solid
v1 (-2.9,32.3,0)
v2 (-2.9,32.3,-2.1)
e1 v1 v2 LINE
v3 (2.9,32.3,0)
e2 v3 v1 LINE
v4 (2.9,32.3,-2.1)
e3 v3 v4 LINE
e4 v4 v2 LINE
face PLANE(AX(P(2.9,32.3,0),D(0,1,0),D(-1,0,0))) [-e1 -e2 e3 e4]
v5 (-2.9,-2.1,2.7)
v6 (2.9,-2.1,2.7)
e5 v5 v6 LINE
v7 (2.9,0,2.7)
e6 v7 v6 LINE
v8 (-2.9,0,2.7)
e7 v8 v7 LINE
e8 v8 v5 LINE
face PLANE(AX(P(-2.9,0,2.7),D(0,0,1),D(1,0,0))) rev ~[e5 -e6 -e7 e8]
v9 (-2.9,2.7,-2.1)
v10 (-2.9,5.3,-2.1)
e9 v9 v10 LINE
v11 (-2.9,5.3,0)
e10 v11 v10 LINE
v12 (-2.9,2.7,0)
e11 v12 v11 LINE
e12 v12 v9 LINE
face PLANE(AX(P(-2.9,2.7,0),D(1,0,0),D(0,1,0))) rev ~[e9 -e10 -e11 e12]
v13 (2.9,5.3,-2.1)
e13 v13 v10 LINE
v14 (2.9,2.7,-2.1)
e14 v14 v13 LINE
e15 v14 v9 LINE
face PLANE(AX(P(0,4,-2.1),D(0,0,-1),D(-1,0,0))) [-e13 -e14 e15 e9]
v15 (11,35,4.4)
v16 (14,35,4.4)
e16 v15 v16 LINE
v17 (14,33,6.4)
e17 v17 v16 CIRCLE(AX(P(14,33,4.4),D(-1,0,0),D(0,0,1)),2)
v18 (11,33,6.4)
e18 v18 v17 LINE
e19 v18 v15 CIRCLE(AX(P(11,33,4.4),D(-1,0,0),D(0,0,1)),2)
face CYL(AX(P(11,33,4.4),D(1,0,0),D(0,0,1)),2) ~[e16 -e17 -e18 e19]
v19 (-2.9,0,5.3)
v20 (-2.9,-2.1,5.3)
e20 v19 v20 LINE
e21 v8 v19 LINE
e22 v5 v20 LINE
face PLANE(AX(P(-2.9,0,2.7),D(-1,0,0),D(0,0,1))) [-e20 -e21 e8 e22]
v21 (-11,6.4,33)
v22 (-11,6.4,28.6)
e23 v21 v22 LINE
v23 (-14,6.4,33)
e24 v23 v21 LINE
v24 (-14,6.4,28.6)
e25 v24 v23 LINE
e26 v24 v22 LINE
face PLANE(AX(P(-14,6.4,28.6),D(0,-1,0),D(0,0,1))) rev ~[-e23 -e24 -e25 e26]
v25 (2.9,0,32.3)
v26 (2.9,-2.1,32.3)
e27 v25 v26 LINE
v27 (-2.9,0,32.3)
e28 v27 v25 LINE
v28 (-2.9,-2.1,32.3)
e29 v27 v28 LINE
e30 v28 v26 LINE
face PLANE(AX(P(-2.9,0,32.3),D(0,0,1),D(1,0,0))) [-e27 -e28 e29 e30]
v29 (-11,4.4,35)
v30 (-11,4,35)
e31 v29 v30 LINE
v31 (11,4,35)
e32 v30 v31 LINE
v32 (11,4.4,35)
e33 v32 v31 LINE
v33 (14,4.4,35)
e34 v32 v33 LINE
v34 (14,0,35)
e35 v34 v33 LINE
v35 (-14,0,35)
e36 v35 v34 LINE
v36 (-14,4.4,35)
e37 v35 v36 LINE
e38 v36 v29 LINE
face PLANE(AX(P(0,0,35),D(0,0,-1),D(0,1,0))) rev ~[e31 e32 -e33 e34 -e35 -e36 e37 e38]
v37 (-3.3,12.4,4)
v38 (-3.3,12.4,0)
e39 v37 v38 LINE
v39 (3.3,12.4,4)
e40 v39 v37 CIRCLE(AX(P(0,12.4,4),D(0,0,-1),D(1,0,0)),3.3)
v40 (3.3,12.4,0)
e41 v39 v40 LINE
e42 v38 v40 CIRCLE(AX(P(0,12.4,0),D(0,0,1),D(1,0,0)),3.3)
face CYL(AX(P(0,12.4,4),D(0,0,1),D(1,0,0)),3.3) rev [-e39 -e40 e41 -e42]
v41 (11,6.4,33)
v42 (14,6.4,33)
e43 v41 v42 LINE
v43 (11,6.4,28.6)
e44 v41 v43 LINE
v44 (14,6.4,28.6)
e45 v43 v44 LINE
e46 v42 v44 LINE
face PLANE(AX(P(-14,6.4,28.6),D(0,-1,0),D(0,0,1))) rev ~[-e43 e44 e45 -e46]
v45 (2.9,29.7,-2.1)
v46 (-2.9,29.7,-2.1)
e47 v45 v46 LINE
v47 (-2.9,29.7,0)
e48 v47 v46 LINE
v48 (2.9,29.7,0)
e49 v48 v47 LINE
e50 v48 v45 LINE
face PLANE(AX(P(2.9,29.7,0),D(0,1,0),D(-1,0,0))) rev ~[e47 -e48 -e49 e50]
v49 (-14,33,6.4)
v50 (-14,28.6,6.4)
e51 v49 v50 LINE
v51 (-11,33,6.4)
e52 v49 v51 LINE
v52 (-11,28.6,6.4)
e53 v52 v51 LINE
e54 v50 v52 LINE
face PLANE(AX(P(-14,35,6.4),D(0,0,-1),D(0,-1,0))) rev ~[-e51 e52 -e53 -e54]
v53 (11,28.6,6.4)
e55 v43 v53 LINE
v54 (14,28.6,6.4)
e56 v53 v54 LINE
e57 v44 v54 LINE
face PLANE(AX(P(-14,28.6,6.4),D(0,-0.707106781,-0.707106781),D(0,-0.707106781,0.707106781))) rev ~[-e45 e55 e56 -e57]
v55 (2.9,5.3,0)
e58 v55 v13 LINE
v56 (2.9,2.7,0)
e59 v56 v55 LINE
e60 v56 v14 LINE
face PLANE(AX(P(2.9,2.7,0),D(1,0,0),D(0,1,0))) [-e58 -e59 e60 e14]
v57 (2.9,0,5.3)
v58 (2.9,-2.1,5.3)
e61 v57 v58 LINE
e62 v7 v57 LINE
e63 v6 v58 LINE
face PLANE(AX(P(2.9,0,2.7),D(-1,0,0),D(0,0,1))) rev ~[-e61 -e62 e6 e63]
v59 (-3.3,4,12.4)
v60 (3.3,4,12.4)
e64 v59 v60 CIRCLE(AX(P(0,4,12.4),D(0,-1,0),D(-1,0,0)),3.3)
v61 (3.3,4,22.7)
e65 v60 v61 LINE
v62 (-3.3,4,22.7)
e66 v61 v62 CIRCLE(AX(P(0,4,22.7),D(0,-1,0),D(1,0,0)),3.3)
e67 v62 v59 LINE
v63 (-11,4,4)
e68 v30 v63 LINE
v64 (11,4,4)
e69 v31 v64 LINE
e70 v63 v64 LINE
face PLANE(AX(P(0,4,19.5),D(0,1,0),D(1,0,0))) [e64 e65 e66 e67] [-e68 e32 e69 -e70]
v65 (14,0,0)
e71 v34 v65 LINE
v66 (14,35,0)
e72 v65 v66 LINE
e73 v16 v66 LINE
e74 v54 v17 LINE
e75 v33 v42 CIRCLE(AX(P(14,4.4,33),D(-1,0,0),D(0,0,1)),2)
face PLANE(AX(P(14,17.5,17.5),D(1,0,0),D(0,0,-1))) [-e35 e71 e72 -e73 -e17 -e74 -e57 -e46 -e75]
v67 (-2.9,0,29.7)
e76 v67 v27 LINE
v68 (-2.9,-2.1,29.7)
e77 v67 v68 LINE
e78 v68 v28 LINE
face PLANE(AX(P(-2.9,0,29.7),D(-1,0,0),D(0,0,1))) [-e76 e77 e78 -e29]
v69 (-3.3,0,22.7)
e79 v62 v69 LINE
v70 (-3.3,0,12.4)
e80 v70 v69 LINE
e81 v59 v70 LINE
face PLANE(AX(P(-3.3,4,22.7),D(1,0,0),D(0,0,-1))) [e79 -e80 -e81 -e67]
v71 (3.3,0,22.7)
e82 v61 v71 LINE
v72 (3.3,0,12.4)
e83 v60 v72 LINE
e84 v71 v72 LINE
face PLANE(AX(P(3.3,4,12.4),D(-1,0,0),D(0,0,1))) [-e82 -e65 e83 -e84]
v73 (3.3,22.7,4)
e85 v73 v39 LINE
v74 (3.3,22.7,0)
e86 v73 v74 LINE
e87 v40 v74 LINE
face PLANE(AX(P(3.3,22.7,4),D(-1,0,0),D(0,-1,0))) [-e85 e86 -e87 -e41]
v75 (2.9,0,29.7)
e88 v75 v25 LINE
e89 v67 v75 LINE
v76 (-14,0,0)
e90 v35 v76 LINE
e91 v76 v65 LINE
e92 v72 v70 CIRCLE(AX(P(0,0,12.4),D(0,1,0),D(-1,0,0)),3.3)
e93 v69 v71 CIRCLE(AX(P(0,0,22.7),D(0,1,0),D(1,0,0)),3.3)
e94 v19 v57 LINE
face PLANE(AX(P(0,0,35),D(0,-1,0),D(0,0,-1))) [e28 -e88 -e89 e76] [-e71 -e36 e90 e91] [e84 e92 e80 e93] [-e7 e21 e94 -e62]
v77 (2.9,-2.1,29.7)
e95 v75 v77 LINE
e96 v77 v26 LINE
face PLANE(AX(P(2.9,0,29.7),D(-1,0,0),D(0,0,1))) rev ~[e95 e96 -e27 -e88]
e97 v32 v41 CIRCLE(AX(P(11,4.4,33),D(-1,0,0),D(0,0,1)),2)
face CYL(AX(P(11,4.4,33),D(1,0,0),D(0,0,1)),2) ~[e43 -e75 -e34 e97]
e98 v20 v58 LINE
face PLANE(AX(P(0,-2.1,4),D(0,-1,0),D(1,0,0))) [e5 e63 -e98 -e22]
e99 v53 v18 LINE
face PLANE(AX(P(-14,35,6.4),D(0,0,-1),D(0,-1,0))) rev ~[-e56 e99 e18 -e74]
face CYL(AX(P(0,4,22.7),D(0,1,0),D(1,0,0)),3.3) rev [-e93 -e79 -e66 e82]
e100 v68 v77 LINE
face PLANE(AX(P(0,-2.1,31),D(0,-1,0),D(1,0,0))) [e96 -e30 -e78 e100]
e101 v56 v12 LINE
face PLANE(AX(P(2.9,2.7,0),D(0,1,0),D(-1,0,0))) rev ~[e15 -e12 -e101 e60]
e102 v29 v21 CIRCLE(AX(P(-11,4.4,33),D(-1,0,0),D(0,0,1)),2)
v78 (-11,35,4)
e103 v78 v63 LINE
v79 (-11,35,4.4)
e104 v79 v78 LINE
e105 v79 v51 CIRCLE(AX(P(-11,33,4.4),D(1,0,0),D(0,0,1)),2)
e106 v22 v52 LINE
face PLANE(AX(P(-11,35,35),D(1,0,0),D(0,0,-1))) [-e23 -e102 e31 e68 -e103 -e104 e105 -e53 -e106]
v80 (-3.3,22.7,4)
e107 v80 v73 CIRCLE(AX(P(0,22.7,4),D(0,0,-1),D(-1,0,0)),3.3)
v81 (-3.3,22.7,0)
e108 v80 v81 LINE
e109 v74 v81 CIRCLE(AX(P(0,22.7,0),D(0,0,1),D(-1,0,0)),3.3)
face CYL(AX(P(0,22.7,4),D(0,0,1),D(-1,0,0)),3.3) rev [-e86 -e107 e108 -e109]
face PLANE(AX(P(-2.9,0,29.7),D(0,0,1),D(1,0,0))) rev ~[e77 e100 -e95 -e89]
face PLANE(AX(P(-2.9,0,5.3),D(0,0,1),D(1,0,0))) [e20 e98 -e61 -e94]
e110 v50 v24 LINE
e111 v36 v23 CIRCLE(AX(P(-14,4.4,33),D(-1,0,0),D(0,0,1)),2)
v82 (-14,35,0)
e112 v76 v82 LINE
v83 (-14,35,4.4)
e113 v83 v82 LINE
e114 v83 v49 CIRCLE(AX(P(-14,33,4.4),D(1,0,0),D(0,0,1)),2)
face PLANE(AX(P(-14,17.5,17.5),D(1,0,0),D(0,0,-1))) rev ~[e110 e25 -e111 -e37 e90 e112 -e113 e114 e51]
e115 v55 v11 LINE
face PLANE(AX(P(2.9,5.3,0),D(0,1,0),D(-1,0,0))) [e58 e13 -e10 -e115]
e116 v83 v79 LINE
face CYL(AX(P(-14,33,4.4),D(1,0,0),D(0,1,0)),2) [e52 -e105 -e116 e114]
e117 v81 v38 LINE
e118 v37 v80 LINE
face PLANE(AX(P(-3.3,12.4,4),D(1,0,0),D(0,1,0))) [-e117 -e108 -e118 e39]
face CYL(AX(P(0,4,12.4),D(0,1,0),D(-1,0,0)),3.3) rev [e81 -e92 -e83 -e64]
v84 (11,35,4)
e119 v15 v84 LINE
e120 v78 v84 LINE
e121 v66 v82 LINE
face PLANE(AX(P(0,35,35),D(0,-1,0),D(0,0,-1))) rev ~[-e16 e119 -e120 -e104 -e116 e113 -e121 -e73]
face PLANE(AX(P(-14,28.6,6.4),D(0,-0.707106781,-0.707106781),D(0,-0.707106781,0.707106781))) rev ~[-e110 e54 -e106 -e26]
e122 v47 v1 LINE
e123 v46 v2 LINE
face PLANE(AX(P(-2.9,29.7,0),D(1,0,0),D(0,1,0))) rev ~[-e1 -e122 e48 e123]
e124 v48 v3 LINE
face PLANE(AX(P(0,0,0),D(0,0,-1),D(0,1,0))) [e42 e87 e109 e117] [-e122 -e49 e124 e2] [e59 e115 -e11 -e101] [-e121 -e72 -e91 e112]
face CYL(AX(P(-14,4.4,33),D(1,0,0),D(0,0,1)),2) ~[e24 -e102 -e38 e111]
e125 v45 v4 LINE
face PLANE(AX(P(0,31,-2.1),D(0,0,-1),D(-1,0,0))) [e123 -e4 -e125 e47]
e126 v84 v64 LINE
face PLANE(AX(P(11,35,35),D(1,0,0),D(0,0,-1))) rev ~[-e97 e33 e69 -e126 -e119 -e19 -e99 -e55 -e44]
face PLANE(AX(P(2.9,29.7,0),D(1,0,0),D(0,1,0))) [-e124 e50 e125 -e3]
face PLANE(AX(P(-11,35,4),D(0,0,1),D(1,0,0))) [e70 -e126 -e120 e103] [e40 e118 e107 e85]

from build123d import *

# Parameters (mm, degrees)
SKETCH1_W           = 35
SKETCH1_H           = 35
BOSS_EXTRUDE1_DEPTH = 14
CUT_EXTRUDE1_DEPTH  = 57.868268832
SKETCH3_W           = 22
SKETCH3_H           = 31
CUT_EXTRUDE2_DEPTH  = 31
CUT_EXTRUDE3_DEPTH  = 57.868268832
FILLET1_R           = 2
CUT_EXTRUDE4_DEPTH  = 49.805737368
CUT_EXTRUDE5_DEPTH  = 49.805737368
SKETCH7_W           = 5.8
SKETCH7_H           = 2.6
BOSS_EXTRUDE2_DEPTH = 2.1
SKETCH8_W           = 5.8
SKETCH8_H           = 2.6
BOSS_EXTRUDE3_DEPTH = 2.1


with BuildPart() as part:
    # Sketch1 → Boss-Extrude1 (new, symmetric)
    with BuildSketch(Plane(origin=(0, 0, 0), x_dir=(0, 0, -1), z_dir=(1, 0, 0))):
        with Locations((-17.5, 17.5)):
            Rectangle(SKETCH1_W, SKETCH1_H)
    extrude(amount=BOSS_EXTRUDE1_DEPTH, both=True)

    # Sketch2 → Cut-Extrude1 (cut, through all)
    with BuildSketch(Plane.ZY.offset(14)):
        Polygon((35, 35), (6.4, 35), (35, 6.4), align=None)
    extrude(amount=-CUT_EXTRUDE1_DEPTH, mode=Mode.SUBTRACT)

    # Sketch3 → Cut-Extrude2 (cut)
    with BuildSketch(Plane(origin=(0, 35, 0), x_dir=(1, 0, 0), z_dir=(0, 1, 0))):
        with Locations((0, -19.5)):
            Rectangle(SKETCH3_W, SKETCH3_H)
    extrude(amount=-CUT_EXTRUDE2_DEPTH, mode=Mode.SUBTRACT)

    # Sketch4 → Cut-Extrude3 (cut, through all)
    with BuildSketch(Plane.ZY.offset(14)):
        Polygon((6.4, 35), (6.4, 28.6), (28.6, 6.4), (35, 6.4), align=None)
    extrude(amount=-CUT_EXTRUDE3_DEPTH, mode=Mode.SUBTRACT)

    # Fillet1
    fillet1_edges = [part.edges().sort_by_distance(p)[0] for p in [
        (12.5, 6.4, 35),
        (12.5, 35, 6.4),
        (-12.5, 6.4, 35),
        (-12.5, 35, 6.4),
    ]]
    fillet(fillet1_edges, radius=FILLET1_R)

    # Sketch5 → Cut-Extrude4 (cut, through all)
    with BuildSketch(Plane.XY.offset(4)):
        with BuildLine():
            Line((-3.3, 12.4), (-3.3, 22.7))
            ThreePointArc((-3.3, 22.7), (0, 26), (3.3, 22.7))
            Line((3.3, 22.7), (3.3, 12.4))
            ThreePointArc((3.3, 12.4), (0, 9.1), (-3.3, 12.4))
        make_face()
    extrude(amount=-CUT_EXTRUDE4_DEPTH, mode=Mode.SUBTRACT)

    # Sketch6 → Cut-Extrude5 (cut, through all)
    with BuildSketch(Plane(origin=(0, 4, 0), x_dir=(1, 0, 0), z_dir=(0, 1, 0))):
        with BuildLine():
            Line((3.3, -12.4), (3.3, -22.7))
            ThreePointArc((3.3, -22.7), (0, -26), (-3.3, -22.7))
            Line((-3.3, -22.7), (-3.3, -12.4))
            ThreePointArc((-3.3, -12.4), (0, -9.1), (3.3, -12.4))
        make_face()
    extrude(amount=-CUT_EXTRUDE5_DEPTH, mode=Mode.SUBTRACT)

    # Sketch7 → Boss-Extrude2 (add)
    with BuildSketch(Plane(origin=(0, 0, 0), x_dir=(-1, 0, 0), z_dir=(0, 0, -1))):
        with Locations((0, 31)):
            Rectangle(SKETCH7_W, SKETCH7_H)
        with Locations((0, 4)):
            Rectangle(SKETCH7_W, SKETCH7_H)
    extrude(amount=BOSS_EXTRUDE2_DEPTH)

    # Sketch8 → Boss-Extrude3 (add)
    with BuildSketch(Plane.XZ):
        with Locations((0, 31)):
            Rectangle(SKETCH8_W, SKETCH8_H)
        with Locations((0, 4)):
            Rectangle(SKETCH8_W, SKETCH8_H)
    extrude(amount=BOSS_EXTRUDE3_DEPTH)


solid = part.part
